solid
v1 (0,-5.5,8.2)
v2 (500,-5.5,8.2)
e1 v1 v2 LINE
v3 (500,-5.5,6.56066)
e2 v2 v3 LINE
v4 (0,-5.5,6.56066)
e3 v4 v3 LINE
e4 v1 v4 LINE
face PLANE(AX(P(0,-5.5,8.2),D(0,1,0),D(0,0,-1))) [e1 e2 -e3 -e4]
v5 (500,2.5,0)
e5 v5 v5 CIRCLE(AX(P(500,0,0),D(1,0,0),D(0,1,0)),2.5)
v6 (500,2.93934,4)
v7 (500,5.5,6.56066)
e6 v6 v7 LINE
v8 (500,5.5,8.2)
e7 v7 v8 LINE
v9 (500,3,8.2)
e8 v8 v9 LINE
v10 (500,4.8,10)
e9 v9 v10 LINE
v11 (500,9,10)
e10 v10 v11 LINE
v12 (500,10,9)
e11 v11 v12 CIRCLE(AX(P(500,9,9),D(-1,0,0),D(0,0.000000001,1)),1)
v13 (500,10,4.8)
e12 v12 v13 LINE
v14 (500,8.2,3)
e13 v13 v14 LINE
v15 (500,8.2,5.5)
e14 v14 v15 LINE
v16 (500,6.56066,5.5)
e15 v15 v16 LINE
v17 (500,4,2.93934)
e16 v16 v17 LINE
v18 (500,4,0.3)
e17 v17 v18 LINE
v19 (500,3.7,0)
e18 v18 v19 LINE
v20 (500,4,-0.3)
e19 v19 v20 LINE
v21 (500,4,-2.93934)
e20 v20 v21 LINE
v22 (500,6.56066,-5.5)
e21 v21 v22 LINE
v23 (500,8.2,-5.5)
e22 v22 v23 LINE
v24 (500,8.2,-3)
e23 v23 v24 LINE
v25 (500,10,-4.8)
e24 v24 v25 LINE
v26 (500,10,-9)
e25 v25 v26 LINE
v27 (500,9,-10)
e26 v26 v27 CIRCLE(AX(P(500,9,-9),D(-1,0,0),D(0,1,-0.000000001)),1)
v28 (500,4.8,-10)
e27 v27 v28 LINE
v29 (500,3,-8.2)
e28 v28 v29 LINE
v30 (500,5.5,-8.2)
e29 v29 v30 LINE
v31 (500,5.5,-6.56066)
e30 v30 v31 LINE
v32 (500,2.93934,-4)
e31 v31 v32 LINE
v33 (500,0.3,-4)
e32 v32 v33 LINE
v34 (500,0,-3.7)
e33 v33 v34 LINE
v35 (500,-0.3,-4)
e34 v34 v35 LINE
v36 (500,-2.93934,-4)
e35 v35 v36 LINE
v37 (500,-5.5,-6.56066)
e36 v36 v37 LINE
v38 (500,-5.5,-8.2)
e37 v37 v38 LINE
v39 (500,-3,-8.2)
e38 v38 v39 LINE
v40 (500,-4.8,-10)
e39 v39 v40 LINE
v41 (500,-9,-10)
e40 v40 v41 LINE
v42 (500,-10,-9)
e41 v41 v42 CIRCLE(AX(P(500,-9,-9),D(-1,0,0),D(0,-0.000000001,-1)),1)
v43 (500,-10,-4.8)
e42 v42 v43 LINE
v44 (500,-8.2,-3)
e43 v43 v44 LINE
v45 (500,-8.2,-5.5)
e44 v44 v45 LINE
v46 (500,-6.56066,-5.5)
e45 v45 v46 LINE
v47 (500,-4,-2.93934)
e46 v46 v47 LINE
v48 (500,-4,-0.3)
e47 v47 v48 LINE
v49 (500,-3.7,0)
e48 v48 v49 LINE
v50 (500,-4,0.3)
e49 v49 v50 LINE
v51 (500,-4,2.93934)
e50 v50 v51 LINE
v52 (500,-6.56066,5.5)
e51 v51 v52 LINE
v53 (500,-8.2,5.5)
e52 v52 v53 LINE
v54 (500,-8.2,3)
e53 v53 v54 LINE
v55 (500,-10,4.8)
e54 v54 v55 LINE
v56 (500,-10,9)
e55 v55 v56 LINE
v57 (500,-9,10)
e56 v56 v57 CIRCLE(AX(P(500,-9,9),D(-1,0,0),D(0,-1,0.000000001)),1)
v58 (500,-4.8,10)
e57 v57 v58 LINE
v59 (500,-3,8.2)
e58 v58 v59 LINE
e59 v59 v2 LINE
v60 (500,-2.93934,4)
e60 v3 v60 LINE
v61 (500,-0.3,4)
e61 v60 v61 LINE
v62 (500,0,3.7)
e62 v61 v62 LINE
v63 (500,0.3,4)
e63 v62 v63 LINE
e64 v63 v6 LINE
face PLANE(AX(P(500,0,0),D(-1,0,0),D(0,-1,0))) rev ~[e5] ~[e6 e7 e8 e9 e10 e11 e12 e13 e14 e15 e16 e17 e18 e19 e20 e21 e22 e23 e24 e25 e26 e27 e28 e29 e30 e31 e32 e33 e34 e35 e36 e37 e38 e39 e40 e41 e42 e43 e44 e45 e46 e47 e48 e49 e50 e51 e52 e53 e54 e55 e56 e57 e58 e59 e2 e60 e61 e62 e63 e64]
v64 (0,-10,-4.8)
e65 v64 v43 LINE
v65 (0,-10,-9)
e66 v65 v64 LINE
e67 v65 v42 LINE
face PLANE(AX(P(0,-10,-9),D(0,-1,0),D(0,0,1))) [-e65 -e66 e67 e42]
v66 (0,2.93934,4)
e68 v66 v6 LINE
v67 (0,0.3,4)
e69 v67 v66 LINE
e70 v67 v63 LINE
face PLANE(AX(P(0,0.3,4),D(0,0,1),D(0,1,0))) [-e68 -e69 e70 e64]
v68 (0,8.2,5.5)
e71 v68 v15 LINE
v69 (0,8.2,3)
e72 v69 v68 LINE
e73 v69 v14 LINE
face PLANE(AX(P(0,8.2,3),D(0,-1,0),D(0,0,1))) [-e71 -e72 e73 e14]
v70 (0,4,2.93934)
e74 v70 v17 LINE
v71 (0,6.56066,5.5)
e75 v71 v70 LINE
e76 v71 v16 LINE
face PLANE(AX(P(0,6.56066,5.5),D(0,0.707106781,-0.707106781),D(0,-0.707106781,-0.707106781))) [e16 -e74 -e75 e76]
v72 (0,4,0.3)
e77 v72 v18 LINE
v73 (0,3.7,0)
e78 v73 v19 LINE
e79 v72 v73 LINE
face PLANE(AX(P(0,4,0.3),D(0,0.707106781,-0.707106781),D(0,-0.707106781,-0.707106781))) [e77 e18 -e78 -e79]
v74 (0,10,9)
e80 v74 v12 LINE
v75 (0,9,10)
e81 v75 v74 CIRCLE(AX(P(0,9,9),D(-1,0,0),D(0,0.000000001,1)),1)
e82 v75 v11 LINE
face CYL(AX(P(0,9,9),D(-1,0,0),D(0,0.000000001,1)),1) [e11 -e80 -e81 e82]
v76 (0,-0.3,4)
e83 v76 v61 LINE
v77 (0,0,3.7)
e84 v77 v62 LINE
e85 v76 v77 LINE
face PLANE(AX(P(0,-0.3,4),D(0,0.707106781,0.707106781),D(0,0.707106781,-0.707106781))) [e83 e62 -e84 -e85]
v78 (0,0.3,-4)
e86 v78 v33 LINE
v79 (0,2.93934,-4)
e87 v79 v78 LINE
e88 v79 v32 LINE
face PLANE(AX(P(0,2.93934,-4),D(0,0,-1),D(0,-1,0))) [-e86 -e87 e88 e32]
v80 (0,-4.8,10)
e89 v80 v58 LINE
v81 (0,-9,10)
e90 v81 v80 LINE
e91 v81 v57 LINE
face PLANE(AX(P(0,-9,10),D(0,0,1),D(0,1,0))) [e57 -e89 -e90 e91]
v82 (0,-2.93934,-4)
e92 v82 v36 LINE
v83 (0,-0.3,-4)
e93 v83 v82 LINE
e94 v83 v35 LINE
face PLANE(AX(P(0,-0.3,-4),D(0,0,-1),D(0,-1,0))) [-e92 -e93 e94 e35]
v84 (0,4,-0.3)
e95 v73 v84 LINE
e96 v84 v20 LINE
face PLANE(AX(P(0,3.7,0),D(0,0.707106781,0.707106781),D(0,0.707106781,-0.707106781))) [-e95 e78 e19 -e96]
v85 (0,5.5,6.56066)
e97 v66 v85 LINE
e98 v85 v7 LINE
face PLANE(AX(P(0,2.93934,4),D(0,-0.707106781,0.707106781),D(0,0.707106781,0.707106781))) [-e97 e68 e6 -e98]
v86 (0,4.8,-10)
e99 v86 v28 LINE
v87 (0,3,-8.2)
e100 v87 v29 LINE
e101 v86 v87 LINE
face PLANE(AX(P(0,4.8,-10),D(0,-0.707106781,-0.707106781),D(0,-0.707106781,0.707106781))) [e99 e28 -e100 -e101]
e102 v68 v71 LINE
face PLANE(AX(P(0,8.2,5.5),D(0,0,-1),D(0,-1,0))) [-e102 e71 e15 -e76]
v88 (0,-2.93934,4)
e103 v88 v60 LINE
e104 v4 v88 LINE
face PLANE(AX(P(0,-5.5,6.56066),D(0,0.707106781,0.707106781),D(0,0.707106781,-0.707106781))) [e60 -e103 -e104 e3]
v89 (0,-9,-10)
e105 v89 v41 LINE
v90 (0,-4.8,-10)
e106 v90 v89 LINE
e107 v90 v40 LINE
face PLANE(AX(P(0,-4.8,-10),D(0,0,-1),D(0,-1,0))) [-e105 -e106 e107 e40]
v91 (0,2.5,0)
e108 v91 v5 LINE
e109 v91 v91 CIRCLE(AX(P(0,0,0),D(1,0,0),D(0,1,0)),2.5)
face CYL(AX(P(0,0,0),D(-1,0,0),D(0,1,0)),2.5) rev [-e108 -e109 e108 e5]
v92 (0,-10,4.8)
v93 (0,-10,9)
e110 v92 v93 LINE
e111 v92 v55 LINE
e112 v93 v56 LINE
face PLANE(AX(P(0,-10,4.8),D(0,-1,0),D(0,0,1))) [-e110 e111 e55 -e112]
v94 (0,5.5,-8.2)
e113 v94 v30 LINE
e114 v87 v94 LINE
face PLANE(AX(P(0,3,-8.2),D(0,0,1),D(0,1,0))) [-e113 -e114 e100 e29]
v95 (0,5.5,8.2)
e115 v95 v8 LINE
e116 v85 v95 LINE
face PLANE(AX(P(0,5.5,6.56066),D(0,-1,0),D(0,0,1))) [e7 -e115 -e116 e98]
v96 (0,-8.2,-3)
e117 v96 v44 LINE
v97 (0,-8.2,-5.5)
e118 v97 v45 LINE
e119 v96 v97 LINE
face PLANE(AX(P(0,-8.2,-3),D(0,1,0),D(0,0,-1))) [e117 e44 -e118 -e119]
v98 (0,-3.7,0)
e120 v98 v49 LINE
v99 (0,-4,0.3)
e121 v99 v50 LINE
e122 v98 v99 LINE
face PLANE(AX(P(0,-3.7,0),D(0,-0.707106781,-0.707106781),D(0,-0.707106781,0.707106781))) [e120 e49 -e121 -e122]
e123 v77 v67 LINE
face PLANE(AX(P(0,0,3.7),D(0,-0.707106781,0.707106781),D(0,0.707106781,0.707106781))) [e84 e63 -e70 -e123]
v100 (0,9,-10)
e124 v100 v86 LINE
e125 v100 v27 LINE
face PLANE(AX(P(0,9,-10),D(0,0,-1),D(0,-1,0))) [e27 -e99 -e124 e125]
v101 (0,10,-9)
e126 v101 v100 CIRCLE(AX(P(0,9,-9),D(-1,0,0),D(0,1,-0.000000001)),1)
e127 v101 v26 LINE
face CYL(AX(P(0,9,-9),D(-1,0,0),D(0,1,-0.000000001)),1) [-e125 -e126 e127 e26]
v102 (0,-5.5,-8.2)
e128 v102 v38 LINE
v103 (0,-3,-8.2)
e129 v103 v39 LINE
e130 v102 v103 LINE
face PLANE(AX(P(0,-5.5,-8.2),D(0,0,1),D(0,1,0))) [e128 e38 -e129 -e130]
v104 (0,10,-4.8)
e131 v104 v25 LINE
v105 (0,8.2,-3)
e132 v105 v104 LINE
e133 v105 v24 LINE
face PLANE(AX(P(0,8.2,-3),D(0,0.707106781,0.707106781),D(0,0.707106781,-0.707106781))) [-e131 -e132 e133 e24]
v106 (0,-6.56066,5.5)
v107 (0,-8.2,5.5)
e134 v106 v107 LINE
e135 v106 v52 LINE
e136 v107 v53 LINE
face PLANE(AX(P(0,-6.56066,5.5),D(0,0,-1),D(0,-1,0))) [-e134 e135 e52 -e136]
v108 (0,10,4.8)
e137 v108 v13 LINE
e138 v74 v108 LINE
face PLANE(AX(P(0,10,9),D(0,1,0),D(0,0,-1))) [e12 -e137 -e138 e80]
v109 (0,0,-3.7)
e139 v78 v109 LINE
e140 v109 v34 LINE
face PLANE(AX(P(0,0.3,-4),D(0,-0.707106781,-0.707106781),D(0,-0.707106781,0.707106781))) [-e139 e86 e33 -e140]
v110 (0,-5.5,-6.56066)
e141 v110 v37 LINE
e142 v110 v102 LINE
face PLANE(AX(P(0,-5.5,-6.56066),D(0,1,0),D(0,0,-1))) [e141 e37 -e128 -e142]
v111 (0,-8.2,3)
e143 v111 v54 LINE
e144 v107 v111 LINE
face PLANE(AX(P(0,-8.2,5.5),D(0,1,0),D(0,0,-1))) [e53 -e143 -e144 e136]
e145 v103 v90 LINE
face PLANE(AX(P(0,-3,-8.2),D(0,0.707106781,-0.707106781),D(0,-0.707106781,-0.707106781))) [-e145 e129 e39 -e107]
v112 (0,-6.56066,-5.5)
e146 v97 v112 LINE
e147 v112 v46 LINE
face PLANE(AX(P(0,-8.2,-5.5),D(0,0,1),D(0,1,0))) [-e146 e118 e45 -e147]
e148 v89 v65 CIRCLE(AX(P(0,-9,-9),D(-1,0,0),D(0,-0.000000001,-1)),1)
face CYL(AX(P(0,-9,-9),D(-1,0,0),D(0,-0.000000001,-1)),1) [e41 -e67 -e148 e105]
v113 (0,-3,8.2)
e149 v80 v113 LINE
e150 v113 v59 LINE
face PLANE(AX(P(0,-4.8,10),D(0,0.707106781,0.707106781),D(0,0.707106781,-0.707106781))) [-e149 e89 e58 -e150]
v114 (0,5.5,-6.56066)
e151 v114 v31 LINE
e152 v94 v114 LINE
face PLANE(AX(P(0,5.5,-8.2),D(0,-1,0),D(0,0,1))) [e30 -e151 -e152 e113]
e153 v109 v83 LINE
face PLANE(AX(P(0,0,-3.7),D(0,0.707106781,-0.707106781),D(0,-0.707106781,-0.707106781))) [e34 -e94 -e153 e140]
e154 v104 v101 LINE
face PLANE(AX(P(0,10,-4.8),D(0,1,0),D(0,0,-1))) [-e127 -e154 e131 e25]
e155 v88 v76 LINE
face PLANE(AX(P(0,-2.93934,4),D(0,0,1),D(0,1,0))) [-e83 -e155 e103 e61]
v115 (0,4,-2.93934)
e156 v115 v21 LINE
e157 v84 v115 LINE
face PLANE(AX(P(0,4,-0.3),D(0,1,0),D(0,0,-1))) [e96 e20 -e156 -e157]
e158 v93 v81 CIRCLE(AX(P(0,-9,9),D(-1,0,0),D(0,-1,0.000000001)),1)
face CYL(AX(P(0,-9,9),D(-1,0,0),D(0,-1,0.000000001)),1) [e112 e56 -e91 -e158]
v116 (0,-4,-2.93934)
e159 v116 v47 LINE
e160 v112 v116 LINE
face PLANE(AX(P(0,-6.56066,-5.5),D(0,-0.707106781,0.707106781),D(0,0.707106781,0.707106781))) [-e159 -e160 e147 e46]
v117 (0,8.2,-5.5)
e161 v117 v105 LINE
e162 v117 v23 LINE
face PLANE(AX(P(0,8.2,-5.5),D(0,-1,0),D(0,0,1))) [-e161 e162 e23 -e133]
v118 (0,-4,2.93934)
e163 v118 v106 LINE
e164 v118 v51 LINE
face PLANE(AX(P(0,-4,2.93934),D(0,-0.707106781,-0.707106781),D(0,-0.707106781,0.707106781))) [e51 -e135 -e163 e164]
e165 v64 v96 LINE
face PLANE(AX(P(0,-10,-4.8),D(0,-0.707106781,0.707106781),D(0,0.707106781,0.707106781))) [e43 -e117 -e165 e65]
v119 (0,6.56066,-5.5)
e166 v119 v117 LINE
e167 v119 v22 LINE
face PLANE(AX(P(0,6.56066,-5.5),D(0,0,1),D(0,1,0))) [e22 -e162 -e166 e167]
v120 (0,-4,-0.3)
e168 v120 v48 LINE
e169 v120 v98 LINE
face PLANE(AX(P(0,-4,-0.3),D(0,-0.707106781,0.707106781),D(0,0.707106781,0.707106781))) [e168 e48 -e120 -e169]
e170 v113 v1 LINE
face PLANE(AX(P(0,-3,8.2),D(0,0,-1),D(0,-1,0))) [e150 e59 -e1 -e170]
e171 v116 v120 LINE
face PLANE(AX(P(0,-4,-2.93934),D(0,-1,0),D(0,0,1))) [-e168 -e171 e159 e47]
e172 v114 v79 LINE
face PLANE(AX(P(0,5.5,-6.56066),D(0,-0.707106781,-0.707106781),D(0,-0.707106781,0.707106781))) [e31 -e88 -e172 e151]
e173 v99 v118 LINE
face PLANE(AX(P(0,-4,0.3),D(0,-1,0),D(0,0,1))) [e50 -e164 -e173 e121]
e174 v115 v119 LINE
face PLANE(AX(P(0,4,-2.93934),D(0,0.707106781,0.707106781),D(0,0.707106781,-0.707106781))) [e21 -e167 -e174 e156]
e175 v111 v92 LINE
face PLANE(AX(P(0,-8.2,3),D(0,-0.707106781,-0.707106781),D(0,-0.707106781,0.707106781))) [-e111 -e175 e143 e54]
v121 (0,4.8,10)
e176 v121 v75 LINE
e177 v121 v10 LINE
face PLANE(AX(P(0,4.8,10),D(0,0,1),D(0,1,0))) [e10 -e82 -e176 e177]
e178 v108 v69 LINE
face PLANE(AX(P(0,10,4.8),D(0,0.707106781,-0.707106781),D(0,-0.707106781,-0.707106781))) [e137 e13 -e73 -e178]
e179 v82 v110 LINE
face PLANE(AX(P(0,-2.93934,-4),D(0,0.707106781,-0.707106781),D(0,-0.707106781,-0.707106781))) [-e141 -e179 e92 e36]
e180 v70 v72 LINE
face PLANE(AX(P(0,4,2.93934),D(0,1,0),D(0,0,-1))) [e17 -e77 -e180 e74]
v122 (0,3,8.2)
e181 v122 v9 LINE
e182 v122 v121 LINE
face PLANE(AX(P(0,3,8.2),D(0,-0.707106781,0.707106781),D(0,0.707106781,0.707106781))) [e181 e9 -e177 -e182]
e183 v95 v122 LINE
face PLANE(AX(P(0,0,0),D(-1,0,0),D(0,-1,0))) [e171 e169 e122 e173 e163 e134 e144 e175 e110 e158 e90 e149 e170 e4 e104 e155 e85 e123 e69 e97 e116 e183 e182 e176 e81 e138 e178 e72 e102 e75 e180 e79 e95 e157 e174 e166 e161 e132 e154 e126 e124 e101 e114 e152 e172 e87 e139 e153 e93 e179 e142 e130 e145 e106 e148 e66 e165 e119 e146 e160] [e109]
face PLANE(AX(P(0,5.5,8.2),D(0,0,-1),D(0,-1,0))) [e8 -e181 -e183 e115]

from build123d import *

# Parameters (mm, degrees)
SKETCH11_R                                    = 2.5
C_USERS_USER_GOOGLE_DRIVE_13_INFORMA_ES_DEPTH = 500


with BuildPart() as part:
    # Sketch11 → C_USERS_USER_GOOGLE DRIVE_13. INFORMA_ES (new body)
    with BuildSketch(Plane.YZ):
        with BuildLine():
            Line((-4.8, 10), (-3, 8.2))
            Line((-3, 8.2), (-5.5, 8.2))
            Line((-5.5, 8.2), (-5.5, 6.560660172))
            Line((-5.5, 6.560660172), (-2.939339828, 4))
            Line((-2.939339828, 4), (-0.3, 4))
            Line((-0.3, 4), (0, 3.7))
            Line((0, 3.7), (0.3, 4))
            Line((0.3, 4), (2.939339828, 4))
            Line((2.939339828, 4), (5.5, 6.560660172))
            Line((5.5, 6.560660172), (5.5, 8.2))
            Line((5.5, 8.2), (3, 8.2))
            Line((3, 8.2), (4.8, 10))
            Line((4.8, 10), (9, 10))
            ThreePointArc((9, 10), (9.707106781, 9.707106781), (10, 9))
            Line((10, 9), (10, 4.8))
            Line((10, 4.8), (8.2, 3))
            Line((8.2, 3), (8.2, 5.5))
            Line((8.2, 5.5), (6.560660172, 5.5))
            Line((6.560660172, 5.5), (4, 2.939339828))
            Line((4, 2.939339828), (4, 0.3))
            Line((4, 0.3), (3.7, 0))
            Line((3.7, 0), (4, -0.3))
            Line((4, -0.3), (4, -2.939339828))
            Line((4, -2.939339828), (6.560660172, -5.5))
            Line((6.560660172, -5.5), (8.2, -5.5))
            Line((8.2, -5.5), (8.2, -3))
            Line((8.2, -3), (10, -4.8))
            Line((10, -4.8), (10, -9))
            ThreePointArc((10, -9), (9.707106781, -9.707106781), (9, -10))
            Line((9, -10), (4.8, -10))
            Line((4.8, -10), (3, -8.2))
            Line((3, -8.2), (5.5, -8.2))
            Line((5.5, -8.2), (5.5, -6.560660172))
            Line((5.5, -6.560660172), (2.939339828, -4))
            Line((2.939339828, -4), (0.3, -4))
            Line((0.3, -4), (0, -3.7))
            Line((0, -3.7), (-0.3, -4))
            Line((-0.3, -4), (-2.939339828, -4))
            Line((-2.939339828, -4), (-5.5, -6.560660172))
            Line((-5.5, -6.560660172), (-5.5, -8.2))
            Line((-5.5, -8.2), (-3, -8.2))
            Line((-3, -8.2), (-4.8, -10))
            Line((-4.8, -10), (-9, -10))
            ThreePointArc((-9, -10), (-9.707106781, -9.707106781), (-10, -9))
            Line((-10, -9), (-10, -4.8))
            Line((-10, -4.8), (-8.2, -3))
            Line((-8.2, -3), (-8.2, -5.5))
            Line((-8.2, -5.5), (-6.560660172, -5.5))
            Line((-6.560660172, -5.5), (-4, -2.939339828))
            Line((-4, -2.939339828), (-4, -0.3))
            Line((-4, -0.3), (-3.7, 0))
            Line((-3.7, 0), (-4, 0.3))
            Line((-4, 0.3), (-4, 2.939339828))
            Line((-4, 2.939339828), (-6.560660172, 5.5))
            Line((-6.560660172, 5.5), (-8.2, 5.5))
            Line((-8.2, 5.5), (-8.2, 3))
            Line((-8.2, 3), (-10, 4.8))
            Line((-10, 4.8), (-10, 9))
            ThreePointArc((-10, 9), (-9.707106781, 9.707106781), (-9, 10))
            Line((-9, 10), (-4.8, 10))
        make_face()
        Circle(SKETCH11_R, mode=Mode.SUBTRACT)
    extrude(amount=C_USERS_USER_GOOGLE_DRIVE_13_INFORMA_ES_DEPTH)


solid = part.part
